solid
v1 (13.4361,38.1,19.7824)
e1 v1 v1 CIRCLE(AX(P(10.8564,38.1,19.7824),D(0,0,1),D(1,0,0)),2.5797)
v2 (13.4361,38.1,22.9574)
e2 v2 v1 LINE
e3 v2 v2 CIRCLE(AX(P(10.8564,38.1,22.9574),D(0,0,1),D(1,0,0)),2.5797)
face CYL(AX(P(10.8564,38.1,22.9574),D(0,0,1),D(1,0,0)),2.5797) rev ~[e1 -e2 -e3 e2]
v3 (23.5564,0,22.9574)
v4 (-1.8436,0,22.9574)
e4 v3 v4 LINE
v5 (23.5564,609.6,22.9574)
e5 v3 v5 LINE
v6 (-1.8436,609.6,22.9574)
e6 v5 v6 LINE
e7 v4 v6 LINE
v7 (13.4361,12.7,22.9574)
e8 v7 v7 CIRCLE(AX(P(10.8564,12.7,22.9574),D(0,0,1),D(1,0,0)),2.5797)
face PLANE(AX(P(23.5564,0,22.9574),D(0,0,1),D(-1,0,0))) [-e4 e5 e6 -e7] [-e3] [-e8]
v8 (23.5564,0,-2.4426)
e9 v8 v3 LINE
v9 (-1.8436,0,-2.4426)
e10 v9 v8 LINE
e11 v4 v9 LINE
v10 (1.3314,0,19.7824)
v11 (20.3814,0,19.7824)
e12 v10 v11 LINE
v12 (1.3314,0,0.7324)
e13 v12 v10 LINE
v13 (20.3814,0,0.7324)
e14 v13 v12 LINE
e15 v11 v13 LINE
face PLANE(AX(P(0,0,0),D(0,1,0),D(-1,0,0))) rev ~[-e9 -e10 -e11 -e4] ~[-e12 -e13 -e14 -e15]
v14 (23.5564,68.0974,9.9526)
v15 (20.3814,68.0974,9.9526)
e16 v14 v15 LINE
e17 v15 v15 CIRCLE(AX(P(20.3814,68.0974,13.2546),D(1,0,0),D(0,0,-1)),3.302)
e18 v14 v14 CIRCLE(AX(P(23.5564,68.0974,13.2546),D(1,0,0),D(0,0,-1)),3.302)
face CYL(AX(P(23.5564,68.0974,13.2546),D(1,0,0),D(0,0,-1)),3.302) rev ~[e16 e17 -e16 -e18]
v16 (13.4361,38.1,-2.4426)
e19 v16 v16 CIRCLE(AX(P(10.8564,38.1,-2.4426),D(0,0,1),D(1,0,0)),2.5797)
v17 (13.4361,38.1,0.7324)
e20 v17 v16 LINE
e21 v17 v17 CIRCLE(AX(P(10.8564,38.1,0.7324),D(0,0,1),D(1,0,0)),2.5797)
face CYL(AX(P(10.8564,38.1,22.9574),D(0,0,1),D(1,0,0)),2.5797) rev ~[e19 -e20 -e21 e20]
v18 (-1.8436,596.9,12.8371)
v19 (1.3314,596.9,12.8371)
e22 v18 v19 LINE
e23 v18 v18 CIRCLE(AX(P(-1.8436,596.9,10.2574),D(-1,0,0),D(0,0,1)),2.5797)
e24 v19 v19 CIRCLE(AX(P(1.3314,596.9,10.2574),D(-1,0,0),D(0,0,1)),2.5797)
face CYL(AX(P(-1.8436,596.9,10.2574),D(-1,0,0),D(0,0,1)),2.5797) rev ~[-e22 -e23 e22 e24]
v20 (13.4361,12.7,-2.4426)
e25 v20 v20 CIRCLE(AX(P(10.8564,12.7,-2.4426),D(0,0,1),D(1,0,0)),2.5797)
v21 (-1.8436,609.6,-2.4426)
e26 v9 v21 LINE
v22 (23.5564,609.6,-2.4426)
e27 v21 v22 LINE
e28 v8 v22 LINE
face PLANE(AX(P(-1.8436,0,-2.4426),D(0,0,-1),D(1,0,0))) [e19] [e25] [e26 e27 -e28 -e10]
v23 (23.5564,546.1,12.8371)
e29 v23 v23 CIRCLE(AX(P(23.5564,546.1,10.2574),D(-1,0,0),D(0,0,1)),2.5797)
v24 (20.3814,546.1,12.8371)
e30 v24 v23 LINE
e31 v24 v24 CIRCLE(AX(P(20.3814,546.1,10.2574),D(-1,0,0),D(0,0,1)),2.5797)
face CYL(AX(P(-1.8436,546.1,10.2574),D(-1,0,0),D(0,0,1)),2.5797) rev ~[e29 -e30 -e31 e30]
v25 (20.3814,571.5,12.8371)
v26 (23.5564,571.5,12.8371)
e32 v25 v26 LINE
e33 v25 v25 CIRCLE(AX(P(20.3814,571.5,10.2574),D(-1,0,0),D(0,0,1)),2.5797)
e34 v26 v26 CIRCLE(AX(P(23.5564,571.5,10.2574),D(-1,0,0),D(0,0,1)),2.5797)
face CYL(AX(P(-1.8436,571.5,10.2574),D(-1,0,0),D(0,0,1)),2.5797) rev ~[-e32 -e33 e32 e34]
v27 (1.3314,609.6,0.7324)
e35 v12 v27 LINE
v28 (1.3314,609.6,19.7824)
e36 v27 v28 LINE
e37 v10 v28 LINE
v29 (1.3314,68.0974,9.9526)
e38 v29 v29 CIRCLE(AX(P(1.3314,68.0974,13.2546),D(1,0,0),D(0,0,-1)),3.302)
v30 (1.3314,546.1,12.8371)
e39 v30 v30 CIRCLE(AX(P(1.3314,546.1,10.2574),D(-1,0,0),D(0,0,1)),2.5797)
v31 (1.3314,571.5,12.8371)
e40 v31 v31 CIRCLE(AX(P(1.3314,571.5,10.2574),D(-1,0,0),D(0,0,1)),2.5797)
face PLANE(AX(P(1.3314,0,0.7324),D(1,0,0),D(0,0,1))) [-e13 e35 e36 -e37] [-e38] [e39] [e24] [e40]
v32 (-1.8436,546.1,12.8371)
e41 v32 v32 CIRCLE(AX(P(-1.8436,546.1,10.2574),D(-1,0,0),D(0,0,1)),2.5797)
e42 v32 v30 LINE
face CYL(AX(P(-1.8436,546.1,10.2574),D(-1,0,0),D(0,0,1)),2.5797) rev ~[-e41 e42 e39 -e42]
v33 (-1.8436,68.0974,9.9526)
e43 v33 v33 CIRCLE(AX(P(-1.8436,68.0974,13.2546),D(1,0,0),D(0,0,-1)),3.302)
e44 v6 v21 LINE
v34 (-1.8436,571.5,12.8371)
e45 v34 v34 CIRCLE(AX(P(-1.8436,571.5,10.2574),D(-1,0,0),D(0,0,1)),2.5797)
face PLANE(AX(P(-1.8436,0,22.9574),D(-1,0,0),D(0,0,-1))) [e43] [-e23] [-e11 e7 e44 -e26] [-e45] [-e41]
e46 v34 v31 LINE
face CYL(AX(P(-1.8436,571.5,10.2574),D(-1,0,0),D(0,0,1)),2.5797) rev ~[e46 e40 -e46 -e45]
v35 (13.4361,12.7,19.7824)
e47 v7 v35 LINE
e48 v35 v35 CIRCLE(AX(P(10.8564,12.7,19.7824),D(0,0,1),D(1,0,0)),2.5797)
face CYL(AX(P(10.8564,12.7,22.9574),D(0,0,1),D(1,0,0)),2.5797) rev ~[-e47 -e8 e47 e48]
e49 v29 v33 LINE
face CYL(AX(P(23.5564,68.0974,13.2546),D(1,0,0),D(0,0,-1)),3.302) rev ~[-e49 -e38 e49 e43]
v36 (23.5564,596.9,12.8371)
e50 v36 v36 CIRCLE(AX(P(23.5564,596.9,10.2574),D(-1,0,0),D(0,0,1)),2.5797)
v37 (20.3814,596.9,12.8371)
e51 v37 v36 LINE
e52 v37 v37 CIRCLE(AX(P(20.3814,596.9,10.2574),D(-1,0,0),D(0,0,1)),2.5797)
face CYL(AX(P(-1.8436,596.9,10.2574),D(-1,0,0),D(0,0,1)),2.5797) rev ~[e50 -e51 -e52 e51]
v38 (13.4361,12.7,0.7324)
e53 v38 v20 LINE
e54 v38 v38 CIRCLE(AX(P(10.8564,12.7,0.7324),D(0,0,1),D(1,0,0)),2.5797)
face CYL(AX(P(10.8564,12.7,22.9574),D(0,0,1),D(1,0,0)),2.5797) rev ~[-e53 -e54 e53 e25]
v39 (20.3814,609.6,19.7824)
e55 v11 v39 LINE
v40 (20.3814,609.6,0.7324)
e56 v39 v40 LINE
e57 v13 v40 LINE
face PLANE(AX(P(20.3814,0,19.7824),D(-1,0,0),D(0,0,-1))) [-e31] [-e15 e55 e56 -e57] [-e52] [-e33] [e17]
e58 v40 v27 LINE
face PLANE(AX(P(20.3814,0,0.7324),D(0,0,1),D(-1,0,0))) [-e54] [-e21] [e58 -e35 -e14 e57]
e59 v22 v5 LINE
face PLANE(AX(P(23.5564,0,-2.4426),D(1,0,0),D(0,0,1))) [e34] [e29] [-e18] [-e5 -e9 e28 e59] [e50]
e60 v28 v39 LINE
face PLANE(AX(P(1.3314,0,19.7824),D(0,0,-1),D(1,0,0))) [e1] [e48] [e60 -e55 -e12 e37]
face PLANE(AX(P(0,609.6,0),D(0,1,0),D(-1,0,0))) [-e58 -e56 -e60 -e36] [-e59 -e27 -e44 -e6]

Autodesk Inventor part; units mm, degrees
ref_plane "YZ Plane" through (0, 0, 0) normal (1, 0, 0) x (0, 1, 0)
ref_plane "XZ Plane" through (0, 0, 0) normal (0, 1, 0) x (-1, 0, 0)
ref_plane "XY Plane" through (0, 0, 0) normal (0, 0, 1) x (1, 0, 0)
sketch "Sketch1" plane through (0, 0, 0) normal (0, 1, 0) x (-1, 0, 0)
  line L0 (1.8436, -2.4426) -> (-23.5564, -2.4426)
  line L1 (-23.5564, -2.4426) -> (-23.5564, 22.9574)
  line L2 (-23.5564, 22.9574) -> (1.8436, 22.9574)
  line L3 (1.8436, 22.9574) -> (1.8436, -2.4426)
  line L4 (-20.3814, 0.7324) -> (-1.3314, 0.7324)
  line L5 (-1.3314, 0.7324) -> (-1.3314, 19.7824)
  line L6 (-1.3314, 19.7824) -> (-20.3814, 19.7824)
  line L7 (-20.3814, 19.7824) -> (-20.3814, 0.7324)
  point P0 (0, 0)
  dimension "d0" = 25.4
  dimension "d1" = 25.4
  dimension "d2" = 3.175
extrude "Extrusion1" add sketch "Sketch1" along normal blind 609.6
sketch "Sketch2" plane through (-1.8436, 0, -2.4426) normal (-1, 0, 0) x (0, 0, 1)
  line L0 (22.225, 0) -> (3.175, 0) construction
  line L1 (12.7, 0) -> (12.7, 12.7) construction
  line L2 (12.7, 12.7) -> (12.7, 38.1) construction
  line L3 (3.175, 609.6) -> (22.225, 609.6) construction
  line L4 (12.7, 609.6) -> (12.7, 596.9) construction
  line L5 (12.7, 596.9) -> (12.7, 571.5) construction
  circle A0 centre (12.7, 596.9) radius 2.5797
  circle A1 centre (12.7, 571.5) radius 2.5797
  line L6 (12.7, 571.5) -> (12.7, 546.1) construction
  circle A2 centre (12.7, 546.1) radius 2.5797
  point P0 (2.4426, 0)
  dimension "d5" = 12.7
  dimension "d6" = 25.4
  dimension "d7" = 12.7
  dimension "d8" = 25.4
  dimension "d9" = 5.1594
  dimension "d10" = 5.1594
  dimension "d30" = 25.4
  dimension "d31" = 5.1594
sketch "Sketch4" plane through (-1.8436, 0, 22.9574) normal (0, 0, 1) x (1, 0, 0)
  line L0 (0, 0) -> (25.4, 0) construction
  line L1 (12.7, 0) -> (12.7, 12.7) construction
  line L2 (12.7, 12.7) -> (12.7, 38.1) construction
  circle A0 centre (12.7, 12.7) radius 2.5797
  circle A1 centre (12.7, 38.1) radius 2.5797
  point P0 (1.8436, 0)
  dimension "d19" = 12.7
  dimension "d20" = 25.4
  dimension "d21" = 5.1594
  dimension "d22" = 5.1594
extrude "Extrusion4" cut sketch "Sketch4" against normal blind 127
sketch "Sketch5" plane through (23.5564, 0, 22.9574) normal (1, 0, 0) x (0, 0, -1)
  line L0 (0, 0) -> (25.4, 0) construction
  line L1 (0, 0) -> (9.7028, 0) construction
  line L2 (9.7028, 0) -> (9.7028, 68.0974) construction
  circle A0 centre (9.7028, 68.0974) radius 3.302
  point P0 (22.9574, 0)
  dimension "d25" = 9.7028
  dimension "d26" = 68.0974
  dimension "d27" = 6.604
extrude "Extrusion5" cut sketch "Sketch5" against normal blind 50.8
extrude "Extrusion6" cut sketch "Sketch2" against normal blind 25.4
properties part number "25in 1x1 Beam"
